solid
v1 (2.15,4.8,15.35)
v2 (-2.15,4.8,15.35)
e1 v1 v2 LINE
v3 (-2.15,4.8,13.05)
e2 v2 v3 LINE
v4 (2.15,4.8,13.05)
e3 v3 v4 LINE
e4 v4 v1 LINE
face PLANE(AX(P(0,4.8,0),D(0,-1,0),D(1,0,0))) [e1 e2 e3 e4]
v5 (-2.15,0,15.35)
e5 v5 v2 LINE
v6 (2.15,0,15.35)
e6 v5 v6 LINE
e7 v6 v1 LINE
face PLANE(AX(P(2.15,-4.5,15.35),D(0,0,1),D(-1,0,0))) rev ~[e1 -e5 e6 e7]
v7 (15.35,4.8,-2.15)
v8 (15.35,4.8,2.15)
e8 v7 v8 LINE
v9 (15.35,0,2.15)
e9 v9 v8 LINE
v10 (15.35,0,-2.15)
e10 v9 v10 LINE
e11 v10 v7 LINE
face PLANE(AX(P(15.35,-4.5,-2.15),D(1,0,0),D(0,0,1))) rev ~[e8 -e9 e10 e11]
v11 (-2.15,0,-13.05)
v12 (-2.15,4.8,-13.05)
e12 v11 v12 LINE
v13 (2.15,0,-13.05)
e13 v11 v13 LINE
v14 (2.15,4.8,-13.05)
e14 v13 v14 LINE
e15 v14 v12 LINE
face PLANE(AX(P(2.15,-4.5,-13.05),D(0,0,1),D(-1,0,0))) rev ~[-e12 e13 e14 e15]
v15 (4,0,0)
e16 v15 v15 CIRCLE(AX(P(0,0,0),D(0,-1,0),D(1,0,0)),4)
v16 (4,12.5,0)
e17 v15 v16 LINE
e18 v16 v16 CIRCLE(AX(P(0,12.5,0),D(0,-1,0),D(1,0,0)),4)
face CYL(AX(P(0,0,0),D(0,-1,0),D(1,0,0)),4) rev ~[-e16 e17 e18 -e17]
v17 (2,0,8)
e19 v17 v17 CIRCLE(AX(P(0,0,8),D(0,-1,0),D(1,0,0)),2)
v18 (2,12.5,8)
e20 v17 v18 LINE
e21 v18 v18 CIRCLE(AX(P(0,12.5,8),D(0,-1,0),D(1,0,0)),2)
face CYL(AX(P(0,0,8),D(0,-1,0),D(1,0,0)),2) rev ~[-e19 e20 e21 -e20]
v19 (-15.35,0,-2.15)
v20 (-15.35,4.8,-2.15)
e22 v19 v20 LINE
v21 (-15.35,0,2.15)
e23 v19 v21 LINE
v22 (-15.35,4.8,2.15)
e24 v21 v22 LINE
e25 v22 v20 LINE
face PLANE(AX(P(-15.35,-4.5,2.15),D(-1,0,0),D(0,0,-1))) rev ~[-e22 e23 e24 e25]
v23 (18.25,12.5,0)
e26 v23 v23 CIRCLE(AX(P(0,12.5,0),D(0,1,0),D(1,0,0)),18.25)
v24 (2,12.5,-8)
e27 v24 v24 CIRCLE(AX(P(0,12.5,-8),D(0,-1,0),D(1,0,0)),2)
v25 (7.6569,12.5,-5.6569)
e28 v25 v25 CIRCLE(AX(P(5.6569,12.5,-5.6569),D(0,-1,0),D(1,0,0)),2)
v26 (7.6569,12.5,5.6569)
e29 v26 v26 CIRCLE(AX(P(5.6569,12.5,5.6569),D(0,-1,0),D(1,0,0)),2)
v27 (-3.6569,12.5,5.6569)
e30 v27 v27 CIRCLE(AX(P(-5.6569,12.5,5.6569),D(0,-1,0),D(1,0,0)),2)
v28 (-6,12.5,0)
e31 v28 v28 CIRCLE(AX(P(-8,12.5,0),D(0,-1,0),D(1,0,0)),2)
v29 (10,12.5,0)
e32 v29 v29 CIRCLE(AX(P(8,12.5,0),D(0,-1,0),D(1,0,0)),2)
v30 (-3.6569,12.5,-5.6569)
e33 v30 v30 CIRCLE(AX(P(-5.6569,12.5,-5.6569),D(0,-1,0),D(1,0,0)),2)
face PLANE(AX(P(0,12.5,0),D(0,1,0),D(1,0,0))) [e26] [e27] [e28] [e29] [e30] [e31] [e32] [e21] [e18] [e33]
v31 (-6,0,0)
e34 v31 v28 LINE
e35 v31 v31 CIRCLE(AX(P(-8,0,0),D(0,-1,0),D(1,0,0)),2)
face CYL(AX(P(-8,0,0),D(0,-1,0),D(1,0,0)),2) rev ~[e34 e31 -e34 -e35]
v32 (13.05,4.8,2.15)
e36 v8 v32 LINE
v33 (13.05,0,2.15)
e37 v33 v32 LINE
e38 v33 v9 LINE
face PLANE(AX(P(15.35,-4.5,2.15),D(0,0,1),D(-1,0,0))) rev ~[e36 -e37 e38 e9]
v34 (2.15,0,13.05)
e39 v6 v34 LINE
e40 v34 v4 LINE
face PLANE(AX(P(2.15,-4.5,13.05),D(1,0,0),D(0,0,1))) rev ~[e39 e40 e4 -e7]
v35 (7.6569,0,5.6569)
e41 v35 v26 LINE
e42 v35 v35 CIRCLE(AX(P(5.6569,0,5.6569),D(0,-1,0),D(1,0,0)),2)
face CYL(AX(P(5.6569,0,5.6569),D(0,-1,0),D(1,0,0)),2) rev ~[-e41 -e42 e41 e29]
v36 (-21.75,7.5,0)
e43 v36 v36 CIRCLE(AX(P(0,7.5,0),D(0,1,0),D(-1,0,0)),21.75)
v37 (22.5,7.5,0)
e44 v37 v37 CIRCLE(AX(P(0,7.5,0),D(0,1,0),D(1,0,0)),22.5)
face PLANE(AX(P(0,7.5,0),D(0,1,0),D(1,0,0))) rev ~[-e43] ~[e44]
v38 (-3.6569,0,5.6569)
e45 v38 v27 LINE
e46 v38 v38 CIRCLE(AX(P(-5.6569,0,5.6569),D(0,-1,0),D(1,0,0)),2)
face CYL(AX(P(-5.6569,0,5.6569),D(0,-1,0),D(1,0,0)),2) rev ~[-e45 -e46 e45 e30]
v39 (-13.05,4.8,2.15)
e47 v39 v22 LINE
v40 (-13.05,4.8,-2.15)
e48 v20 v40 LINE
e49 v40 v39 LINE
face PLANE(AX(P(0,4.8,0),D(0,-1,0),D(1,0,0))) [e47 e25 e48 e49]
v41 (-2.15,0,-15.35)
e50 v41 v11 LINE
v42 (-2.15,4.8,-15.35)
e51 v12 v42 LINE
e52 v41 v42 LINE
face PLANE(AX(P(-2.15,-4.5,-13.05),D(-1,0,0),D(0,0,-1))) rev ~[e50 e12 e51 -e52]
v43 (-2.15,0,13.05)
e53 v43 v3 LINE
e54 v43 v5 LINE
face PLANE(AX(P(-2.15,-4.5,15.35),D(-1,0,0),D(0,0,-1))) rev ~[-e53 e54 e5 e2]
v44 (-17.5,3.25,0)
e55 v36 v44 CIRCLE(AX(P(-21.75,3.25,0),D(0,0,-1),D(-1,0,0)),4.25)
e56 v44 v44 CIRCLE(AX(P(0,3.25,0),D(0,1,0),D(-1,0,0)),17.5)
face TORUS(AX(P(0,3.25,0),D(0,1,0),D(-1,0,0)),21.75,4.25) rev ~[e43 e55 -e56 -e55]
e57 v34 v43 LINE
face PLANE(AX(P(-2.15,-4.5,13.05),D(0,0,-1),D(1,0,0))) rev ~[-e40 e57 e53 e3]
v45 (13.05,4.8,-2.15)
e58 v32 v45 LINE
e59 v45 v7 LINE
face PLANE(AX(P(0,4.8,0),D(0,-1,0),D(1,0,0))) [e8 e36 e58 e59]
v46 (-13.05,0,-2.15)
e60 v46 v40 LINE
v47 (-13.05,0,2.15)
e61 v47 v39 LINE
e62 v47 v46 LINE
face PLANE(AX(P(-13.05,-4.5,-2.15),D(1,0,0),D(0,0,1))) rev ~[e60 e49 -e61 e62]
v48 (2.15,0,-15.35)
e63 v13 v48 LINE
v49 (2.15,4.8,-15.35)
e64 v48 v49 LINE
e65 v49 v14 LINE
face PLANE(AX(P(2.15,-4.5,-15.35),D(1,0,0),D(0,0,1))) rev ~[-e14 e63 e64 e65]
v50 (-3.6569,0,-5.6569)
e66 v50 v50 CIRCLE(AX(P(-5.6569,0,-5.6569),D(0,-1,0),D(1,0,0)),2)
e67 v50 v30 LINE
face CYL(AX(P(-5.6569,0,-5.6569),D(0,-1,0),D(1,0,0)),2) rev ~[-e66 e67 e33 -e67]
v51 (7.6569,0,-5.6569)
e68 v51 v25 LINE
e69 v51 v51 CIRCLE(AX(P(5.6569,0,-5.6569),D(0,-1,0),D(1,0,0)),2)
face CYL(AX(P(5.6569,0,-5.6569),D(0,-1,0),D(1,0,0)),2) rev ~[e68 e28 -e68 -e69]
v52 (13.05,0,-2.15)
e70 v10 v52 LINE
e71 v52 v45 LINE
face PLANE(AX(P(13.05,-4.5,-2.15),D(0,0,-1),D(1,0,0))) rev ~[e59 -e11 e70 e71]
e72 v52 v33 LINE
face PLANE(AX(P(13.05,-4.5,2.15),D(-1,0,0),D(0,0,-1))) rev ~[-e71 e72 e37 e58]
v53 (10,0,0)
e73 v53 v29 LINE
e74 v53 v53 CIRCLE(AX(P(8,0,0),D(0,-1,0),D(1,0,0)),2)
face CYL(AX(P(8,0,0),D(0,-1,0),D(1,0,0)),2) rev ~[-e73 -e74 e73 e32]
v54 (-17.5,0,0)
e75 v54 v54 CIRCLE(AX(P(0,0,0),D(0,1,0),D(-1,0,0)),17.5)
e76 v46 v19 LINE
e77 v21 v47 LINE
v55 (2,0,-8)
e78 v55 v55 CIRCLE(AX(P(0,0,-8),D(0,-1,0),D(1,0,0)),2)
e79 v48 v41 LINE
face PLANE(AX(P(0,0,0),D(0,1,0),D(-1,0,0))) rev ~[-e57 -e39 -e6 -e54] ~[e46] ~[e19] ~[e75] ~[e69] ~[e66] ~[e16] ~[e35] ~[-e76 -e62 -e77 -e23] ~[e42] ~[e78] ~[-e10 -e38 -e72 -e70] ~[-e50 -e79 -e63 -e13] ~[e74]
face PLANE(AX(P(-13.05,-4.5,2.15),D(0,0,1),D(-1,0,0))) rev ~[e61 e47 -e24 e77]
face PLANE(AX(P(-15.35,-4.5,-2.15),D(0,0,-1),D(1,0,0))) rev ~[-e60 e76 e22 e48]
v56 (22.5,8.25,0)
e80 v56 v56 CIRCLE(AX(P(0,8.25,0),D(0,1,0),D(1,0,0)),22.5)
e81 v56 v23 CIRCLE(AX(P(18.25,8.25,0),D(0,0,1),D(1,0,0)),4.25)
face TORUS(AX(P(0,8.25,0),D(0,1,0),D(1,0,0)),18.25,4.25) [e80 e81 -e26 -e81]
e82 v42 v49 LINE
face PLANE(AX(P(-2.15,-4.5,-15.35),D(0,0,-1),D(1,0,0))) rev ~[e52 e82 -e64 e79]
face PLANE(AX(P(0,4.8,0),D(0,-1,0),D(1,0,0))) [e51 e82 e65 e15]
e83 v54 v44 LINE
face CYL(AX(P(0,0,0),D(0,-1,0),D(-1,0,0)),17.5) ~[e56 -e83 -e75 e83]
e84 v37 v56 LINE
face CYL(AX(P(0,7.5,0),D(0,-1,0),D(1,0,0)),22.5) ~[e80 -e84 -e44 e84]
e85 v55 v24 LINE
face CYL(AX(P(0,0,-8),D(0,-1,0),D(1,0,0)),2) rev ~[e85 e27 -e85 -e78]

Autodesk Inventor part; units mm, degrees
ref_plane "YZ Plane" through (0, 0, 0) normal (1, 0, 0) x (0, 1, 0)
ref_plane "XZ Plane" through (0, 0, 0) normal (0, 1, 0) x (-1, 0, 0)
ref_plane "XY Plane" through (0, 0, 0) normal (0, 0, 1) x (1, 0, 0)
sketch "Эскиз1" plane through (0, 0, 0) normal (0, 1, 0) x (-1, 0, 0)
  circle A0 centre (0, 0) radius 17.5
  dimension "d0" = 35
extrude "Выдавливание1" add sketch "Эскиз1" along normal blind 7.5
sketch "Эскиз2" plane through (0, 7.5, 0) normal (0, 1, 0) x (1, 0, 0)
  circle A0 centre (0, 0) radius 22.5
  dimension "d3" = 45
extrude "Выдавливание2" add sketch "Эскиз2" along normal blind 5
fillet "Сопряжение1" radius 4.25 1 edges at (17.5, 7.5, 0)
fillet "Сопряжение2" radius 4.25 1 edges at (-22.5, 12.5, 0)
sketch "Эскиз3" plane through (0, 0, 0) normal (0, -1, 0) x (1, 0, 0)
  line L0 (-24.85, 5.95) -> (-15.15, 5.95)
  line L1 (-15.15, 5.95) -> (-15.15, -5.95)
  line L2 (-15.15, -5.95) -> (-24.85, -5.95)
  line L3 (-24.85, -5.95) -> (-24.85, 5.95)
  line L4 (-4.7, 15.3) -> (-4.7, 25)
  line L5 (-4.7, 25) -> (5, 25)
  line L6 (5, 25) -> (5, 15.3)
  line L7 (5, 15.3) -> (-4.7, 15.3)
  line L8 (5, -15.3) -> (5, -25)
  line L9 (5, -25) -> (-4.7, -25)
  line L10 (-4.7, -25) -> (-4.7, -15.3)
  line L11 (-4.7, -15.3) -> (5, -15.3)
  line L12 (15.15, 5.95) -> (24.85, 5.95)
  line L13 (24.85, 5.95) -> (24.85, -5.95)
  line L14 (24.85, -5.95) -> (15.15, -5.95)
  line L15 (15.15, -5.95) -> (15.15, 5.95)
  circle A0 centre (0, 8) radius 2
  circle A1 centre (-5.6569, -5.6569) radius 2
  circle A2 centre (0, -8) radius 2
  circle A3 centre (0, 0) radius 4
  circle A4 centre (8, 0) radius 2
  circle A5 centre (-8, 0) radius 2
  circle A6 centre (5.6569, -5.6569) radius 2
  circle A7 centre (-5.6569, 5.6569) radius 2
  circle A8 centre (5.6569, 5.6569) radius 2
  circle A9 centre (0, 0) radius 35
extrude "Выдавливание3" cut sketch "Эскиз3" against normal through all contours A0 | A1 | A2 | A3 | A4 | A5 | A6 | A7 | A8
sketch "Эскиз4" plane through (0, 0, 0) normal (0, -1, 0) x (1, 0, 0)
  circle A0 centre (-8, 0) radius 2 projected
  line L0 (-8, 0) -> (-13.2, 0)
  line L1 (-13.2, 0) -> (-13.2, -2)
  line L2 (-13.2, -2) -> (-15.2, -2)
  line L3 (-15.2, -2) -> (-15.2, 2)
  line L4 (-15.2, 2) -> (-13.2, 2)
  line L5 (-13.2, 2) -> (-13.2, 0)
  line L6 (2, -15.2) -> (-2, -15.2)
  line L7 (2, -13.2) -> (2, -15.2)
  line L8 (-2, -13.2) -> (0, -13.2)
  line L9 (0, -13.2) -> (2, -13.2)
  line L10 (-2, -15.2) -> (-2, -13.2)
  line L11 (15.2, 2) -> (15.2, -2)
  line L12 (13.2, 2) -> (15.2, 2)
  line L13 (13.2, -2) -> (13.2, 0)
  line L14 (13.2, 0) -> (13.2, 2)
  line L15 (15.2, -2) -> (13.2, -2)
  line L16 (-2, 15.2) -> (2, 15.2)
  line L17 (-2, 13.2) -> (-2, 15.2)
  line L18 (2, 13.2) -> (0, 13.2)
  line L19 (0, 13.2) -> (-2, 13.2)
  line L20 (2, 15.2) -> (2, 13.2)
  point P0 (0, 0)
  dimension "d10" = 5.2
  dimension "d11" = 2
  dimension "d12" = 4
  dimension "d15" = 360
extrude "Выдавливание4" add sketch "Эскиз4" along normal blind 4.5 contours L1 L2 L3 L4 L5 | L6 L10 L8 L9 L7 | L11 L15 L13 L14 L12 | L16 L20 L18 L19 L17
sketch "Эскиз6" plane through (0, 0, 0) normal (0, -1, 0) x (1, 0, 0)
  circle A0 centre (0, 0) radius 17.5 projected
  point P0 (0, 17.5)
ref_plane "РабПлоскость1" through (0, 0, 17.5) normal (0, 0, 1) x (1, 0, 0)
sketch "Эскиз8" plane through (0, -4.5, 0) normal (0, -1, 0) x (1, 0, 0)
  line L0 (13.2, 2) -> (13.2, -2) projected
  line L1 (13.2, -2) -> (15.2, -2) projected
  line L2 (15.2, -2) -> (15.2, 2) projected
  line L3 (15.2, 2) -> (13.2, 2) projected
  line L4 (13.05, -2.15) -> (15.35, -2.15)
  line L5 (15.35, -2.15) -> (15.35, 2.15)
  line L6 (15.35, 2.15) -> (13.05, 2.15)
  line L7 (13.05, 2.15) -> (13.05, -2.15)
  line L8 (13.05, -2.15) -> (15.35, 2.15) construction
  line L9 (15.35, -2.15) -> (13.05, 2.15) construction
  line L10 (-2.15, 15.35) -> (-2.15, 13.05)
  line L11 (2.15, 15.35) -> (-2.15, 15.35)
  line L12 (2.15, 13.05) -> (2.15, 15.35)
  line L13 (-2.15, 13.05) -> (2.15, 13.05)
  line L14 (-15.35, -2.15) -> (-13.05, -2.15)
  line L15 (-15.35, 2.15) -> (-15.35, -2.15)
  line L16 (-13.05, 2.15) -> (-15.35, 2.15)
  line L17 (-13.05, -2.15) -> (-13.05, 2.15)
  line L18 (2.15, -15.35) -> (2.15, -13.05)
  line L19 (-2.15, -15.35) -> (2.15, -15.35)
  line L20 (-2.15, -13.05) -> (-2.15, -15.35)
  line L21 (2.15, -13.05) -> (-2.15, -13.05)
  point P0 (0, 0)
  point P1 (14.2, 0)
  dimension "d24" = 2.3
  dimension "d25" = 4.3
  dimension "d28" = 360
extrude "Выдавливание6" cut sketch "Эскиз8" against normal blind 9.3 contours L3 L2 L1 L0 | L7 L6 L5 L4 | L11 L12 L13 L10 | L15 L16 L17 L14 | L19 L20 L21 L18
properties part number "мини катушка 2"
